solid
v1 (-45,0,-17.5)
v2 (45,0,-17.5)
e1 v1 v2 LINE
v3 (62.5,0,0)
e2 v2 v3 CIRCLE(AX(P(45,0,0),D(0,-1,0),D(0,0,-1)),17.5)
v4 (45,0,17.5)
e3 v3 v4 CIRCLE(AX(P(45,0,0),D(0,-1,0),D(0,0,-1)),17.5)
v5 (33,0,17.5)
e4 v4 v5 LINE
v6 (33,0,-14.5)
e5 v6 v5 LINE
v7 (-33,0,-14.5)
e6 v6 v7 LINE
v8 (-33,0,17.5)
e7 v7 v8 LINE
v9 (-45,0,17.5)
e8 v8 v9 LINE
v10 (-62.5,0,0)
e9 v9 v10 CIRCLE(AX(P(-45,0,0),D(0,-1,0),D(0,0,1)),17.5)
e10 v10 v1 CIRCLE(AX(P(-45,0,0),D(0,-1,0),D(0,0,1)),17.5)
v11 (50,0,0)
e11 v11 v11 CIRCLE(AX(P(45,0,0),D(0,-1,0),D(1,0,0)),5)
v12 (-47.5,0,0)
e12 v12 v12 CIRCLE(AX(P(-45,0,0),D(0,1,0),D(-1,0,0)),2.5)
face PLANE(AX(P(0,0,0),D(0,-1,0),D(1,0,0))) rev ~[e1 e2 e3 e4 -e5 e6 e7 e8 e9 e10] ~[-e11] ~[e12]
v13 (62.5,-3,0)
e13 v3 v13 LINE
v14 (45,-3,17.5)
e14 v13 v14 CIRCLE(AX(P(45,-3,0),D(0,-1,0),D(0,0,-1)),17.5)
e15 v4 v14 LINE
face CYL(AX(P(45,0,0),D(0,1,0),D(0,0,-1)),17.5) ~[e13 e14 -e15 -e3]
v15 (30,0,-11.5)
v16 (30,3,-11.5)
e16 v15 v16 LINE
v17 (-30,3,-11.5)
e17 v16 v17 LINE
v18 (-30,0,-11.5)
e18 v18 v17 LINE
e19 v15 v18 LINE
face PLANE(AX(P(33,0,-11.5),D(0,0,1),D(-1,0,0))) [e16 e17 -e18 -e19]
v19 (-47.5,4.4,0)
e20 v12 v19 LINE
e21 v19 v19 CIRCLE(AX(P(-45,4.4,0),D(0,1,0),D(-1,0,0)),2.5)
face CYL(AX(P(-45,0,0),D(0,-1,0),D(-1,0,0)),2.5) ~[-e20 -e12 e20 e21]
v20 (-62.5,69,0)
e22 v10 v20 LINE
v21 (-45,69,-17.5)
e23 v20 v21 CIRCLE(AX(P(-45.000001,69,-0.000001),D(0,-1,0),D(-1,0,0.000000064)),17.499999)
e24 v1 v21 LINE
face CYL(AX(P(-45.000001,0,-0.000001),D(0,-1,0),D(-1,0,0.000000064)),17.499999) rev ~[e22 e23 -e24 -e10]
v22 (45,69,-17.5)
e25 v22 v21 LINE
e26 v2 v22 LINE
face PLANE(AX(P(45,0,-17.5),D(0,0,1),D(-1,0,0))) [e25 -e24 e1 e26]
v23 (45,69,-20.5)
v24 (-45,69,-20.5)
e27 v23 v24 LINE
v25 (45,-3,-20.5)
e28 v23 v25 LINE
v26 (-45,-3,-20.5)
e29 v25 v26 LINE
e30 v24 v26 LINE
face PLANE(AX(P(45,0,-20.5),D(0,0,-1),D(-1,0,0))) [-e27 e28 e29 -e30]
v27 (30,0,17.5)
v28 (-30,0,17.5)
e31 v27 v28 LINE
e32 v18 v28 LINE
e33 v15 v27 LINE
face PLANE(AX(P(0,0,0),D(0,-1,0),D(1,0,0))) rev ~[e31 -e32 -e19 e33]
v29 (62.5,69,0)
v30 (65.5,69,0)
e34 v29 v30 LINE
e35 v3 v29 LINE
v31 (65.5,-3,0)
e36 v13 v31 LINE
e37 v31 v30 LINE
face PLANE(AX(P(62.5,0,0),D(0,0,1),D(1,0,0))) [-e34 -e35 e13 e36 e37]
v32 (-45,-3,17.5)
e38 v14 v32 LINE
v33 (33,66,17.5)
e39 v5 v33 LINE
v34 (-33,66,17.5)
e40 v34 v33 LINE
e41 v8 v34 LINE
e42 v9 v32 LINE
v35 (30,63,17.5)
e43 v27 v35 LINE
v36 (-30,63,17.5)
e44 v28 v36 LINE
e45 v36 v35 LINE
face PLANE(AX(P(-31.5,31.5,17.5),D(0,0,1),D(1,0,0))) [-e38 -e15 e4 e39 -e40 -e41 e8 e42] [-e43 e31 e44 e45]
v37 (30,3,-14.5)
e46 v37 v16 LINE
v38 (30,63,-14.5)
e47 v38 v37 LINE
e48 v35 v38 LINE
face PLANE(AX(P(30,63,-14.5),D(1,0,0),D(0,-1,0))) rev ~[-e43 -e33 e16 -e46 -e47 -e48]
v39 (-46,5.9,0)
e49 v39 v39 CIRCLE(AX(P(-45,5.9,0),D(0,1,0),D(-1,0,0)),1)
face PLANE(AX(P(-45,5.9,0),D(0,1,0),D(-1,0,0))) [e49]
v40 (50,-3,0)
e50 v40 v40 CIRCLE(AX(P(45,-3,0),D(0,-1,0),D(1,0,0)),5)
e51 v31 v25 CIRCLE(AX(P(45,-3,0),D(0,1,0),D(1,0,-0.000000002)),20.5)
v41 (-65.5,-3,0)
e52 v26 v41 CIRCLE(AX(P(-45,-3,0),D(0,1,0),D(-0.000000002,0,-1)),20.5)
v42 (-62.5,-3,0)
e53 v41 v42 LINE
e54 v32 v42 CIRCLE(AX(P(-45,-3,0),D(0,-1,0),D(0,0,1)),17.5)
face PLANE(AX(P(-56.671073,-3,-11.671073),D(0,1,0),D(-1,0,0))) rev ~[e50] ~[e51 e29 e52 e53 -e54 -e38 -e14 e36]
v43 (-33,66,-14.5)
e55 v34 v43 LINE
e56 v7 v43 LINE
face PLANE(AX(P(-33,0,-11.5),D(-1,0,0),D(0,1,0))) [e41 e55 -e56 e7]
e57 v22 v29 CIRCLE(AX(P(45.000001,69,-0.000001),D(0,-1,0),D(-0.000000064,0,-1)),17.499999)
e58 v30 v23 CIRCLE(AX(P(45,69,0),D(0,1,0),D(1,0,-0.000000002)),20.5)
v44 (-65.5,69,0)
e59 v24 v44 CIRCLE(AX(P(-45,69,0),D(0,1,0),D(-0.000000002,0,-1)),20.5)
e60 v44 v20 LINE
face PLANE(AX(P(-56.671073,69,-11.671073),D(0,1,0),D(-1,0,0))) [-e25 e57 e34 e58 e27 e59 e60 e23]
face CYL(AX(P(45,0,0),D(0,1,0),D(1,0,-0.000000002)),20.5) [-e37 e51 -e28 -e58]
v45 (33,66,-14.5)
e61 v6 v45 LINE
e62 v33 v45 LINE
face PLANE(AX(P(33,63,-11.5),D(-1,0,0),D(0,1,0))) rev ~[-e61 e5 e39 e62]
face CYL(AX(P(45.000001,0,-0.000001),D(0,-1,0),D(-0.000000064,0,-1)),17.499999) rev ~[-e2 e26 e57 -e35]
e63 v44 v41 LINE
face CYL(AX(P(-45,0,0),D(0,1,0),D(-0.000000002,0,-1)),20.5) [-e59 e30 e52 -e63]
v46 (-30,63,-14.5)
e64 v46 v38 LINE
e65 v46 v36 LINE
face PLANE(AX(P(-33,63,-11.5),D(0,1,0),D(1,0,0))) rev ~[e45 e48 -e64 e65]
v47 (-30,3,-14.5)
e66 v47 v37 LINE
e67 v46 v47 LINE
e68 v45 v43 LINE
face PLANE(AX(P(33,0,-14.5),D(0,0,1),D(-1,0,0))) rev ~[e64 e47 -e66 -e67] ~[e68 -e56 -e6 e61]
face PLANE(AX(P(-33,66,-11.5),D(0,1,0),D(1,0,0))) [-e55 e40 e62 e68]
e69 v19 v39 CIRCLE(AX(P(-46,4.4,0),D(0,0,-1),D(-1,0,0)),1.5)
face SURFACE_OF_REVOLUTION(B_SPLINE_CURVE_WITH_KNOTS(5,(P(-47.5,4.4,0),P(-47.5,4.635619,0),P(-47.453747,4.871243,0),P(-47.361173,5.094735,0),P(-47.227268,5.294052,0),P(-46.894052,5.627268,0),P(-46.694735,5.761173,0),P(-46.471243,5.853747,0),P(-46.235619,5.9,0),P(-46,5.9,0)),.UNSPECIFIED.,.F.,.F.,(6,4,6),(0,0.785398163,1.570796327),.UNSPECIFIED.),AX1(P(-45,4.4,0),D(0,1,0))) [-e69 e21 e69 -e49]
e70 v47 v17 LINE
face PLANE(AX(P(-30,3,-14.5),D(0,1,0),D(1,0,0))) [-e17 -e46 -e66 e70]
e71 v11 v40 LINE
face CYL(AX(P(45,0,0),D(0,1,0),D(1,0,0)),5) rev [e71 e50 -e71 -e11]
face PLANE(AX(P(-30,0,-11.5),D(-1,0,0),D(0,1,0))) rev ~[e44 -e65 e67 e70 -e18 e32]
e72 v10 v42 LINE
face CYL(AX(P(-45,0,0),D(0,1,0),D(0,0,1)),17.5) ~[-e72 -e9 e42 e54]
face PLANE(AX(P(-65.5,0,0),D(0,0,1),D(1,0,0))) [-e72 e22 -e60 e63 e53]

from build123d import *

# Parameters (mm, degrees)
F0_R           = 5
F1_DEPTH       = 3
F2_W           = 66
F2_H           = 3
F3_DEPTH       = 66
F4_W           = 60
F4_H           = 60
F5_DEPTH       = 25
F6_R           = 2.5
F7_DEPTH       = 5.9
F8_R           = 1.5
F9_W           = 90
F9_H           = 3
F10_DEPTH      = 69
F10_DEPTH_BACK = 3
F11_W          = 66
F11_H          = 3
F12_DEPTH      = 29
F13_W          = 3
F13_H          = 63
F14_DEPTH      = 29


with BuildPart() as f1:
    # F0 (on Front) → F1 (new body)
    with BuildSketch(Plane.XZ):
        with BuildLine():
            ThreePointArc((45, -17.5), (62.5, 0), (45, 17.5))
            Line((45, 17.5), (-45, 17.5))
            ThreePointArc((-45, 17.5), (-62.5, 0), (-45, -17.5))
            Line((-45, -17.5), (45, -17.5))
        make_face()
        with Locations((45, 0)):
            Circle(F0_R, mode=Mode.SUBTRACT)
    extrude(amount=F1_DEPTH)

    # F2 (on face) → F3 (join)
    with BuildSketch(Plane(origin=(0, 0, 0), x_dir=(-1, 0, 0), z_dir=(0, 1, 0))):
        with Locations((0, -13)):
            Rectangle(F2_W, F2_H)
    extrude(amount=F3_DEPTH)

    # F4 (on face) → F5 (cut)
    with BuildSketch(Plane(origin=(0, 0, -14.5), x_dir=(1, 0, 0), z_dir=(0, 0, -1))):
        with Locations((0, -33)):
            Rectangle(F4_W, F4_H)
    extrude(amount=-F5_DEPTH, mode=Mode.SUBTRACT)

    # F6 (on face) → F7 (join)
    with BuildSketch(Plane(origin=(0, 0, 0), x_dir=(-1, 0, 0), z_dir=(0, 1, 0))):
        with Locations((45, 0)):
            Circle(F6_R)
    extrude(amount=F7_DEPTH)

    # F8
    f8_edges = [f1.edges().sort_by_distance(p)[0] for p in [
        (-42.5, 5.9, 0),
    ]]
    fillet(f8_edges, radius=F8_R)

    # F9 (on face) → F10 (join, two sides)
    with BuildSketch(Plane(origin=(0, 0, 0), x_dir=(-1, 0, 0), z_dir=(0, 1, 0))) as f10_sk:
        with BuildLine():
            Line((65.5, 0), (62.5, 0))
            ThreePointArc((62.5, 0), (57.374369, -12.374369), (45, -17.5))
            Line((45, -17.5), (45, -20.5))
            ThreePointArc((45, -20.5), (59.495689, -14.495689), (65.5, 0))
        make_face()
        with Locations((0, -19)):
            Rectangle(F9_W, F9_H)
        with BuildLine():
            Line((-45, -20.5), (-45, -17.5))
            ThreePointArc((-45, -17.5), (-57.374369, -12.374369), (-62.5, 0))
            Line((-62.5, 0), (-65.5, 0))
            ThreePointArc((-65.5, 0), (-59.495689, -14.495689), (-45, -20.5))
        make_face()
    extrude(amount=F10_DEPTH)
    extrude(f10_sk.sketch, amount=-F10_DEPTH_BACK)

    # F11 (on face) → F12 (join)
    with BuildSketch(Plane.XY.offset(-11.5)):
        with Locations((0, 64.5)):
            Rectangle(F11_W, F11_H)
    extrude(amount=F12_DEPTH)

    # F13 (on face) → F14 (join)
    with BuildSketch(Plane.XY.offset(-11.5)):
        with Locations((-31.5, 31.5)):
            Rectangle(F13_W, F13_H)
        with Locations((31.5, 31.5)):
            Rectangle(F13_W, F13_H)
    extrude(amount=F14_DEPTH)


solid = f1.part
